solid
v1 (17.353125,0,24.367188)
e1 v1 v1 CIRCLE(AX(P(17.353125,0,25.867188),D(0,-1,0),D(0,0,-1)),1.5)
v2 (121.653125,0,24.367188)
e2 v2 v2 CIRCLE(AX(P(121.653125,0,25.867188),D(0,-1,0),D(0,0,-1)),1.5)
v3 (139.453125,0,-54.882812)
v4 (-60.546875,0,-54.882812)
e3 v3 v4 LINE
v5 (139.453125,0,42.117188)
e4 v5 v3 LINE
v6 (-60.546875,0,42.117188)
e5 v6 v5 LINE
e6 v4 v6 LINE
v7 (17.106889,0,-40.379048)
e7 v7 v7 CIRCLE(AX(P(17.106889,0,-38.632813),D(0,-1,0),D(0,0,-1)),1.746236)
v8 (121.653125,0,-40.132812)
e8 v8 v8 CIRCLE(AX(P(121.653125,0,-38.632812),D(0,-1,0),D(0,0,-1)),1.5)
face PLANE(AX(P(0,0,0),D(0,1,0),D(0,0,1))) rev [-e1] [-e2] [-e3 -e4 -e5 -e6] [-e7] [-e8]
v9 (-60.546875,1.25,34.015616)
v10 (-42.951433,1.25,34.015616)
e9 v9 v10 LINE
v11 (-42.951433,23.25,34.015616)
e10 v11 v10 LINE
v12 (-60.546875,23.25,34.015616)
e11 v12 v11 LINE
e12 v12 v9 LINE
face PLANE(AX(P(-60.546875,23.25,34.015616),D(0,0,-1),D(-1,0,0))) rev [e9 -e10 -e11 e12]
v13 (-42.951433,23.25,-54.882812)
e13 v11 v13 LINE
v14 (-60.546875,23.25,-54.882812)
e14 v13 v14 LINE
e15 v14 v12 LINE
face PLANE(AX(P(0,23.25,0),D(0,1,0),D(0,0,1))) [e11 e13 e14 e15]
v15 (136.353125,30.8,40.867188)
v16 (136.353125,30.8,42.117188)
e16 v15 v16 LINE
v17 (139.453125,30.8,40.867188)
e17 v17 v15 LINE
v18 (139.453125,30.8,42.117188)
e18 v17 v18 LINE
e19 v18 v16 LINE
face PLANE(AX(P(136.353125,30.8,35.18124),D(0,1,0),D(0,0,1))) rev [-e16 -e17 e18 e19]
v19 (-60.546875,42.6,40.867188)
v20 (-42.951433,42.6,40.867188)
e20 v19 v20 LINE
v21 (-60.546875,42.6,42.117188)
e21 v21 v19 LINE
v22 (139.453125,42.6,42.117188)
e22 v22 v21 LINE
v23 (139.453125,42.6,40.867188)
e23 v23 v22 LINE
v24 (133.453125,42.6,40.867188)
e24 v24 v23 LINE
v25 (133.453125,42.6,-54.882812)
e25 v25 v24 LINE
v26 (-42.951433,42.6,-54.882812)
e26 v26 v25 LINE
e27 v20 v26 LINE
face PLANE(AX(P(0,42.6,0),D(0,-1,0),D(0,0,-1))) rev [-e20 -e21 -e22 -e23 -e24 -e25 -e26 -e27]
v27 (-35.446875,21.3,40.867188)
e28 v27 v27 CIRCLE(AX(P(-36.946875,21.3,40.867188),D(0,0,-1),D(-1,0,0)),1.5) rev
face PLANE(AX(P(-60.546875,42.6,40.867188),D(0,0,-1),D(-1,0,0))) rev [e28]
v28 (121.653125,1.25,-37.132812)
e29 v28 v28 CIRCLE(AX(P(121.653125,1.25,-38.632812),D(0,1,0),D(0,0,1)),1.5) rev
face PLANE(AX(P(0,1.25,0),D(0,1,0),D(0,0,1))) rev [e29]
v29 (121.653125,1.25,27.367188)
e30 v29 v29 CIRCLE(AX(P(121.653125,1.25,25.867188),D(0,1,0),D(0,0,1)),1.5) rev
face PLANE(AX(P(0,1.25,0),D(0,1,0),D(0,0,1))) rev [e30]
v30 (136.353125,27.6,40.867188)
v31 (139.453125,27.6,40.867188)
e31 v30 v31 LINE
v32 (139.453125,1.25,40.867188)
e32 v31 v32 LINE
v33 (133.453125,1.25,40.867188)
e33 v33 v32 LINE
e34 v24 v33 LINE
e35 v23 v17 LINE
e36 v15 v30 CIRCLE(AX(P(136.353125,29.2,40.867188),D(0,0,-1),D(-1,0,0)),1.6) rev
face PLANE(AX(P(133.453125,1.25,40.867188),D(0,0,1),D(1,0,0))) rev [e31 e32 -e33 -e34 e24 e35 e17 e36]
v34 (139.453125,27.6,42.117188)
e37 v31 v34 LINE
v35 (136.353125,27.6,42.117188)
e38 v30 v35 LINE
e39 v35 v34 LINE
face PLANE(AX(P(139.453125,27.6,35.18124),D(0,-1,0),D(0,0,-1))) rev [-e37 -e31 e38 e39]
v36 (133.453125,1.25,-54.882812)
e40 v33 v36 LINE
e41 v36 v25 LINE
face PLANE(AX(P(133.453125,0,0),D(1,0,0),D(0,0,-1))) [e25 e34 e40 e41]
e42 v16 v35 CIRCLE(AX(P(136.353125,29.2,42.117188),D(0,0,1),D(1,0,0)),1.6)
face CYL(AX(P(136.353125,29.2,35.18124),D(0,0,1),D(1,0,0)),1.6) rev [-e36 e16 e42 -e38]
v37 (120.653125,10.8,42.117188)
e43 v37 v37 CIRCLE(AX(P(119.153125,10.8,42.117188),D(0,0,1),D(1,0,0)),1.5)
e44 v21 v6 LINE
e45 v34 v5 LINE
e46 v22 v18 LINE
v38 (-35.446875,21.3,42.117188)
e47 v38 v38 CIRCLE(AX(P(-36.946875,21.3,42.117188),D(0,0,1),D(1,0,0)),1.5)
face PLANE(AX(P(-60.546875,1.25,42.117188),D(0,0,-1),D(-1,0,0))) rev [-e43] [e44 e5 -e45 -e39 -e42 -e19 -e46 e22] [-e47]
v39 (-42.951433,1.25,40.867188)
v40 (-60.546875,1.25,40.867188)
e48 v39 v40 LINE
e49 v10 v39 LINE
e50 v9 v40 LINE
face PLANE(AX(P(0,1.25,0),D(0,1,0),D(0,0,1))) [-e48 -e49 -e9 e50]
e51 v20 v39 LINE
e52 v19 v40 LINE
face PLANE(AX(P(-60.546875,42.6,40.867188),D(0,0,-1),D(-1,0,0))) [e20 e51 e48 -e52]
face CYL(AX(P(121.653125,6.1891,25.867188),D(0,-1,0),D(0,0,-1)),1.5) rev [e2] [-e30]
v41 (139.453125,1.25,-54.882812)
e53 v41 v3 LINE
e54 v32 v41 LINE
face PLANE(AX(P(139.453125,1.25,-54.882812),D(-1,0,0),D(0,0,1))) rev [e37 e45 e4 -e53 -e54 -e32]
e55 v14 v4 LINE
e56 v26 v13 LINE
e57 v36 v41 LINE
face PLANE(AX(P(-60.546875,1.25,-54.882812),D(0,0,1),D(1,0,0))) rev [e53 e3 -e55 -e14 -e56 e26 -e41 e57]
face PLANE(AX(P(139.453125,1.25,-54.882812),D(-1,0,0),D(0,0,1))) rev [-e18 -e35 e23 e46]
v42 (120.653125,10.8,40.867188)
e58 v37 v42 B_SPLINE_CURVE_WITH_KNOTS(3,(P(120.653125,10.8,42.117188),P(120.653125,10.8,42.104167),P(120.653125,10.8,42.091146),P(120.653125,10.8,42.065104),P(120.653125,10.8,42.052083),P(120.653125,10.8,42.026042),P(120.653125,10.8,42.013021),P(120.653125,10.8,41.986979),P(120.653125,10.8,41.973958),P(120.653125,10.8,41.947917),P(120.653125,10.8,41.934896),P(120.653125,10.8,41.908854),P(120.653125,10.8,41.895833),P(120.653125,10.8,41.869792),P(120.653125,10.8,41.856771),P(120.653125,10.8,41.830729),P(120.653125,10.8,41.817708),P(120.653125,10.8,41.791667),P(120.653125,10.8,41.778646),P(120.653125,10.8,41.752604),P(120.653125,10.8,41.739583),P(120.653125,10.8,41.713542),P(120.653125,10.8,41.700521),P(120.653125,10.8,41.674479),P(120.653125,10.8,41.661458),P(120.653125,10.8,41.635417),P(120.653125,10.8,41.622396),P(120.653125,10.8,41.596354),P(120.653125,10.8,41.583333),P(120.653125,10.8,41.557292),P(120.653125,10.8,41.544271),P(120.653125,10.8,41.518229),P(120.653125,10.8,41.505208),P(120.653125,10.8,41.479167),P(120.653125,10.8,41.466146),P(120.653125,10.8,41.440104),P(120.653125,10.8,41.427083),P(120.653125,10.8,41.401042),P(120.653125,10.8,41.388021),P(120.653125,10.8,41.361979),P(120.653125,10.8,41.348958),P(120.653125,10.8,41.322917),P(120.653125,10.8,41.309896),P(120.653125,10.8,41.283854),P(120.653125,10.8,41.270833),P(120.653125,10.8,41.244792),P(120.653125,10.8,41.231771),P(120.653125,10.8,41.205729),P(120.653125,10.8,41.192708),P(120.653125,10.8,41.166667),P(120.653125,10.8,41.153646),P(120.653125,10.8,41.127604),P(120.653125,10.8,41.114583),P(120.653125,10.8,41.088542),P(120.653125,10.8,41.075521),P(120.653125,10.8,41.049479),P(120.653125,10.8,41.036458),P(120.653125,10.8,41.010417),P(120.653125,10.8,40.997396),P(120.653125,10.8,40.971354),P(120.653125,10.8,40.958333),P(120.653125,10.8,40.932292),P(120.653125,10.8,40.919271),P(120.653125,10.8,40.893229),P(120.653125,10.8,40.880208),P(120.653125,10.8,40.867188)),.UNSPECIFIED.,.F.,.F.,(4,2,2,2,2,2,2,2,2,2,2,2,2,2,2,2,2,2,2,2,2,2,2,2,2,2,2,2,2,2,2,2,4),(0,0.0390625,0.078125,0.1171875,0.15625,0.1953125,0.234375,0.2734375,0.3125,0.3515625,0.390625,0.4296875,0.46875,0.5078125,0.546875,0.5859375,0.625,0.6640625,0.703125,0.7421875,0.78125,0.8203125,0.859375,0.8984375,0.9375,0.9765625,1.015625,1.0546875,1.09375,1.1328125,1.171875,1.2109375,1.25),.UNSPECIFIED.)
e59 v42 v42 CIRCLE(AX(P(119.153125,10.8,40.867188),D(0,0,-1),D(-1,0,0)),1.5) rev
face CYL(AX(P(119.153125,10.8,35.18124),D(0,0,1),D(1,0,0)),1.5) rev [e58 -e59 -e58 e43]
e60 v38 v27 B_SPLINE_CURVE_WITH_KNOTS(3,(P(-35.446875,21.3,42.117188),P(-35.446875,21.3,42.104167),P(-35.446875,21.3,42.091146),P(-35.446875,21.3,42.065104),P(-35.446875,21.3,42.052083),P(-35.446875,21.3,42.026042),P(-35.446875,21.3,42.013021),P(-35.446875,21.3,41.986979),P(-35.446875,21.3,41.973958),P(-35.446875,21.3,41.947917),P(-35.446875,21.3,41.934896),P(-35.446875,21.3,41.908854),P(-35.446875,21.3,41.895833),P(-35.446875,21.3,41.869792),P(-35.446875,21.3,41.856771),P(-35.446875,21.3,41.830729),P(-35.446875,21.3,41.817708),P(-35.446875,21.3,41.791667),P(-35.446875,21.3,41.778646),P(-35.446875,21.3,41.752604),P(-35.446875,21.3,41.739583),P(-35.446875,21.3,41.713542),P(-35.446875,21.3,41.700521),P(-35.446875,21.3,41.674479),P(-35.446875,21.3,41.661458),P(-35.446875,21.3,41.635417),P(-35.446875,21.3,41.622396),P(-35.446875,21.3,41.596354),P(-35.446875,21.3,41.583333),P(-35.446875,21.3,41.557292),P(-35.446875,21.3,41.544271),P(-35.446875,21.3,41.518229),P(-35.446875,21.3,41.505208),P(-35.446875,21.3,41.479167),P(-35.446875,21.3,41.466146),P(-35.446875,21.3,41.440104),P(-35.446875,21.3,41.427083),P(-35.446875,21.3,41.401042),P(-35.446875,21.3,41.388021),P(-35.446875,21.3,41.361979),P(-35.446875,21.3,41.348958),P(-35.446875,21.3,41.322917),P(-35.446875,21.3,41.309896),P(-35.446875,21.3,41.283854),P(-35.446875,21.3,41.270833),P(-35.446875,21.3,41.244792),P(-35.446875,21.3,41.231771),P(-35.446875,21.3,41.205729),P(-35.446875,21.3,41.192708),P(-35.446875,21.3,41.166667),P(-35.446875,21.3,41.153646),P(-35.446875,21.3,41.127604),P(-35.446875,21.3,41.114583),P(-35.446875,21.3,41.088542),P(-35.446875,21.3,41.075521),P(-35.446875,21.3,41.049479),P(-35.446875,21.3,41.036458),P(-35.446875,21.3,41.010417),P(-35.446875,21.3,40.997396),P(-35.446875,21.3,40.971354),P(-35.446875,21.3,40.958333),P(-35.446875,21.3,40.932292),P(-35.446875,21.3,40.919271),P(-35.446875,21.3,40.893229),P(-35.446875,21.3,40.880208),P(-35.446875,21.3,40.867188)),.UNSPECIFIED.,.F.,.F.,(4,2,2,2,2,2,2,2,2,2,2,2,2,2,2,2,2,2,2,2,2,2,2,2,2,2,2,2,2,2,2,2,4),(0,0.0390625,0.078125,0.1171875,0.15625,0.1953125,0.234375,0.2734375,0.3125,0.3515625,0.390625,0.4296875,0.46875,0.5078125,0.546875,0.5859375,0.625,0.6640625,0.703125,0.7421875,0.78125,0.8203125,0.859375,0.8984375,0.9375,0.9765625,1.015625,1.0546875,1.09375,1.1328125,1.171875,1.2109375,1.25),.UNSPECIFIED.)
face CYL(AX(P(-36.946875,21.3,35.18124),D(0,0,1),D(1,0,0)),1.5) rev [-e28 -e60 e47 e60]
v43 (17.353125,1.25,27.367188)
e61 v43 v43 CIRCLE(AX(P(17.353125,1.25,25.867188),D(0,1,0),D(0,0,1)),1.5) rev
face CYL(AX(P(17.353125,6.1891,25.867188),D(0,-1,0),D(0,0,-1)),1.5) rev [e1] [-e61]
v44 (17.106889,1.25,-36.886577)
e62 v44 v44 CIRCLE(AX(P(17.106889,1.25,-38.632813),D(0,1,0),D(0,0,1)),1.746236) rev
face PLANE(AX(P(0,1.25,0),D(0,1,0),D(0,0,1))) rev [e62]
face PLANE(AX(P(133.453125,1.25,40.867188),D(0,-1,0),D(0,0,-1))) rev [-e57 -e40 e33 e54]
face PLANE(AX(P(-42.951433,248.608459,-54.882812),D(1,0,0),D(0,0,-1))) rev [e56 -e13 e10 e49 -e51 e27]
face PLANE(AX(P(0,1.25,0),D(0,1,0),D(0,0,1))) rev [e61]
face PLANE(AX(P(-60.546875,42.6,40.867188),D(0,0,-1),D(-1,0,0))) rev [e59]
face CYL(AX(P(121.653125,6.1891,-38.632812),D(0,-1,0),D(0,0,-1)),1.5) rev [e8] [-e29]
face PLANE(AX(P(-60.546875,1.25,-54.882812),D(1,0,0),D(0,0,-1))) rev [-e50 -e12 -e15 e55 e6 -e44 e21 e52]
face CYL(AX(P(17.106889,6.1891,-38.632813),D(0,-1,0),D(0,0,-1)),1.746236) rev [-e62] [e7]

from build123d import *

# Parameters (mm, degrees)
SZKIC1_W                    = 200
SZKIC1_H                    = 97
DODANIE_WYCI_GNI_CIE1_DEPTH = 1.25
SZKIC2_W                    = 200
SZKIC2_H                    = 1.25
DODANIE_WYCI_GNI_CIE2_DEPTH = 42.6
SZKIC4_R                    = 1.5
SZKIC4_R_2                  = 1.746235722
WYTNIJ_WYCI_GNI_CIE1_DEPTH  = 1.25
SZKIC5_W                    = 182.404557989
SZKIC5_H                    = 95.75
DODANIE_WYCI_GNI_CIE3_DEPTH = 41.35
SZKIC6_W                    = 17.595442011
SZKIC6_H                    = 88.898428246
DODANIE_WYCI_GNI_CIE4_DEPTH = 22
SZKIC3_R                    = 1.5
WYTNIJ_WYCI_GNI_CIE2_DEPTH  = 1.25
SZKIC7_W                    = 95.75
SZKIC7_H                    = 41.35
WYTNIJ_WYCI_GNI_CIE3_DEPTH  = 6


with BuildPart() as part:
    # Szkic1 → Dodanie-wyciągnięcie1 (new body)
    with BuildSketch(Plane(origin=(0, 0, 0), x_dir=(1, 0, 0), z_dir=(0, 1, 0))):
        with Locations((39.453125, 6.3828125)):
            Rectangle(SZKIC1_W, SZKIC1_H)
    extrude(amount=DODANIE_WYCI_GNI_CIE1_DEPTH)

    # Szkic2 → Dodanie-wyciągnięcie2 (add)
    with BuildSketch(Plane.XZ):
        with Locations((39.453125, 41.4921875)):
            Rectangle(SZKIC2_W, SZKIC2_H)
    extrude(amount=-DODANIE_WYCI_GNI_CIE2_DEPTH)

    # Szkic4 → Wytnij-wyciągnięcie1 (cut)
    with BuildSketch(Plane.XZ):
        with Locations(Location((121.653125, -38.6328125, 0), (0, 0, 270))):
            Circle(SZKIC4_R)
        with Locations(Location((121.653125, 25.8671875, 0), (0, 0, 270))):
            Circle(SZKIC4_R)
        with Locations(Location((17.106889278, -38.6328125, 0), (0, 0, 270))):
            Circle(SZKIC4_R_2)
        with Locations(Location((17.353125, 25.8671875, 0), (0, 0, 270))):
            Circle(SZKIC4_R)
    extrude(amount=-WYTNIJ_WYCI_GNI_CIE1_DEPTH, mode=Mode.SUBTRACT)

    # Szkic5 → Dodanie-wyciągnięcie3 (add)
    with BuildSketch(Plane(origin=(0, 1.25, 0), x_dir=(1, 0, 0), z_dir=(0, 1, 0))):
        with Locations((48.250846005, 7.0078125)):
            Rectangle(SZKIC5_W, SZKIC5_H)
    extrude(amount=DODANIE_WYCI_GNI_CIE3_DEPTH)

    # Szkic6 → Dodanie-wyciągnięcie4 (add)
    with BuildSketch(Plane(origin=(0, 1.25, 0), x_dir=(1, 0, 0), z_dir=(0, 1, 0))):
        with Locations((-51.749153995, 10.433598377)):
            Rectangle(SZKIC6_W, SZKIC6_H)
    extrude(amount=DODANIE_WYCI_GNI_CIE4_DEPTH)

    # Szkic3 → Wytnij-wyciągnięcie2 (cut)
    with BuildSketch(Plane.XY.offset(42.1171875)):
        with Locations((119.153125, 10.8)):
            Circle(SZKIC3_R)
        with Locations((-36.946875, 21.3)):
            Circle(SZKIC3_R)
        with BuildLine():
            Line((136.353125, 30.8), (139.453125, 30.8))
            Line((139.453125, 30.8), (139.453125, 27.6))
            Line((139.453125, 27.6), (136.353125, 27.6))
            ThreePointArc((136.353125, 27.6), (134.753125, 29.2), (136.353125, 30.8))
        make_face()
    extrude(amount=-WYTNIJ_WYCI_GNI_CIE2_DEPTH, mode=Mode.SUBTRACT)

    # Szkic7 → Wytnij-wyciągnięcie3 (cut)
    with BuildSketch(Plane(origin=(139.453125, 0, 0), x_dir=(0, 0, -1), z_dir=(1, 0, 0))):
        with Locations((7.0078125, 21.925)):
            Rectangle(SZKIC7_W, SZKIC7_H)
    extrude(amount=-WYTNIJ_WYCI_GNI_CIE3_DEPTH, mode=Mode.SUBTRACT)


solid = part.part
